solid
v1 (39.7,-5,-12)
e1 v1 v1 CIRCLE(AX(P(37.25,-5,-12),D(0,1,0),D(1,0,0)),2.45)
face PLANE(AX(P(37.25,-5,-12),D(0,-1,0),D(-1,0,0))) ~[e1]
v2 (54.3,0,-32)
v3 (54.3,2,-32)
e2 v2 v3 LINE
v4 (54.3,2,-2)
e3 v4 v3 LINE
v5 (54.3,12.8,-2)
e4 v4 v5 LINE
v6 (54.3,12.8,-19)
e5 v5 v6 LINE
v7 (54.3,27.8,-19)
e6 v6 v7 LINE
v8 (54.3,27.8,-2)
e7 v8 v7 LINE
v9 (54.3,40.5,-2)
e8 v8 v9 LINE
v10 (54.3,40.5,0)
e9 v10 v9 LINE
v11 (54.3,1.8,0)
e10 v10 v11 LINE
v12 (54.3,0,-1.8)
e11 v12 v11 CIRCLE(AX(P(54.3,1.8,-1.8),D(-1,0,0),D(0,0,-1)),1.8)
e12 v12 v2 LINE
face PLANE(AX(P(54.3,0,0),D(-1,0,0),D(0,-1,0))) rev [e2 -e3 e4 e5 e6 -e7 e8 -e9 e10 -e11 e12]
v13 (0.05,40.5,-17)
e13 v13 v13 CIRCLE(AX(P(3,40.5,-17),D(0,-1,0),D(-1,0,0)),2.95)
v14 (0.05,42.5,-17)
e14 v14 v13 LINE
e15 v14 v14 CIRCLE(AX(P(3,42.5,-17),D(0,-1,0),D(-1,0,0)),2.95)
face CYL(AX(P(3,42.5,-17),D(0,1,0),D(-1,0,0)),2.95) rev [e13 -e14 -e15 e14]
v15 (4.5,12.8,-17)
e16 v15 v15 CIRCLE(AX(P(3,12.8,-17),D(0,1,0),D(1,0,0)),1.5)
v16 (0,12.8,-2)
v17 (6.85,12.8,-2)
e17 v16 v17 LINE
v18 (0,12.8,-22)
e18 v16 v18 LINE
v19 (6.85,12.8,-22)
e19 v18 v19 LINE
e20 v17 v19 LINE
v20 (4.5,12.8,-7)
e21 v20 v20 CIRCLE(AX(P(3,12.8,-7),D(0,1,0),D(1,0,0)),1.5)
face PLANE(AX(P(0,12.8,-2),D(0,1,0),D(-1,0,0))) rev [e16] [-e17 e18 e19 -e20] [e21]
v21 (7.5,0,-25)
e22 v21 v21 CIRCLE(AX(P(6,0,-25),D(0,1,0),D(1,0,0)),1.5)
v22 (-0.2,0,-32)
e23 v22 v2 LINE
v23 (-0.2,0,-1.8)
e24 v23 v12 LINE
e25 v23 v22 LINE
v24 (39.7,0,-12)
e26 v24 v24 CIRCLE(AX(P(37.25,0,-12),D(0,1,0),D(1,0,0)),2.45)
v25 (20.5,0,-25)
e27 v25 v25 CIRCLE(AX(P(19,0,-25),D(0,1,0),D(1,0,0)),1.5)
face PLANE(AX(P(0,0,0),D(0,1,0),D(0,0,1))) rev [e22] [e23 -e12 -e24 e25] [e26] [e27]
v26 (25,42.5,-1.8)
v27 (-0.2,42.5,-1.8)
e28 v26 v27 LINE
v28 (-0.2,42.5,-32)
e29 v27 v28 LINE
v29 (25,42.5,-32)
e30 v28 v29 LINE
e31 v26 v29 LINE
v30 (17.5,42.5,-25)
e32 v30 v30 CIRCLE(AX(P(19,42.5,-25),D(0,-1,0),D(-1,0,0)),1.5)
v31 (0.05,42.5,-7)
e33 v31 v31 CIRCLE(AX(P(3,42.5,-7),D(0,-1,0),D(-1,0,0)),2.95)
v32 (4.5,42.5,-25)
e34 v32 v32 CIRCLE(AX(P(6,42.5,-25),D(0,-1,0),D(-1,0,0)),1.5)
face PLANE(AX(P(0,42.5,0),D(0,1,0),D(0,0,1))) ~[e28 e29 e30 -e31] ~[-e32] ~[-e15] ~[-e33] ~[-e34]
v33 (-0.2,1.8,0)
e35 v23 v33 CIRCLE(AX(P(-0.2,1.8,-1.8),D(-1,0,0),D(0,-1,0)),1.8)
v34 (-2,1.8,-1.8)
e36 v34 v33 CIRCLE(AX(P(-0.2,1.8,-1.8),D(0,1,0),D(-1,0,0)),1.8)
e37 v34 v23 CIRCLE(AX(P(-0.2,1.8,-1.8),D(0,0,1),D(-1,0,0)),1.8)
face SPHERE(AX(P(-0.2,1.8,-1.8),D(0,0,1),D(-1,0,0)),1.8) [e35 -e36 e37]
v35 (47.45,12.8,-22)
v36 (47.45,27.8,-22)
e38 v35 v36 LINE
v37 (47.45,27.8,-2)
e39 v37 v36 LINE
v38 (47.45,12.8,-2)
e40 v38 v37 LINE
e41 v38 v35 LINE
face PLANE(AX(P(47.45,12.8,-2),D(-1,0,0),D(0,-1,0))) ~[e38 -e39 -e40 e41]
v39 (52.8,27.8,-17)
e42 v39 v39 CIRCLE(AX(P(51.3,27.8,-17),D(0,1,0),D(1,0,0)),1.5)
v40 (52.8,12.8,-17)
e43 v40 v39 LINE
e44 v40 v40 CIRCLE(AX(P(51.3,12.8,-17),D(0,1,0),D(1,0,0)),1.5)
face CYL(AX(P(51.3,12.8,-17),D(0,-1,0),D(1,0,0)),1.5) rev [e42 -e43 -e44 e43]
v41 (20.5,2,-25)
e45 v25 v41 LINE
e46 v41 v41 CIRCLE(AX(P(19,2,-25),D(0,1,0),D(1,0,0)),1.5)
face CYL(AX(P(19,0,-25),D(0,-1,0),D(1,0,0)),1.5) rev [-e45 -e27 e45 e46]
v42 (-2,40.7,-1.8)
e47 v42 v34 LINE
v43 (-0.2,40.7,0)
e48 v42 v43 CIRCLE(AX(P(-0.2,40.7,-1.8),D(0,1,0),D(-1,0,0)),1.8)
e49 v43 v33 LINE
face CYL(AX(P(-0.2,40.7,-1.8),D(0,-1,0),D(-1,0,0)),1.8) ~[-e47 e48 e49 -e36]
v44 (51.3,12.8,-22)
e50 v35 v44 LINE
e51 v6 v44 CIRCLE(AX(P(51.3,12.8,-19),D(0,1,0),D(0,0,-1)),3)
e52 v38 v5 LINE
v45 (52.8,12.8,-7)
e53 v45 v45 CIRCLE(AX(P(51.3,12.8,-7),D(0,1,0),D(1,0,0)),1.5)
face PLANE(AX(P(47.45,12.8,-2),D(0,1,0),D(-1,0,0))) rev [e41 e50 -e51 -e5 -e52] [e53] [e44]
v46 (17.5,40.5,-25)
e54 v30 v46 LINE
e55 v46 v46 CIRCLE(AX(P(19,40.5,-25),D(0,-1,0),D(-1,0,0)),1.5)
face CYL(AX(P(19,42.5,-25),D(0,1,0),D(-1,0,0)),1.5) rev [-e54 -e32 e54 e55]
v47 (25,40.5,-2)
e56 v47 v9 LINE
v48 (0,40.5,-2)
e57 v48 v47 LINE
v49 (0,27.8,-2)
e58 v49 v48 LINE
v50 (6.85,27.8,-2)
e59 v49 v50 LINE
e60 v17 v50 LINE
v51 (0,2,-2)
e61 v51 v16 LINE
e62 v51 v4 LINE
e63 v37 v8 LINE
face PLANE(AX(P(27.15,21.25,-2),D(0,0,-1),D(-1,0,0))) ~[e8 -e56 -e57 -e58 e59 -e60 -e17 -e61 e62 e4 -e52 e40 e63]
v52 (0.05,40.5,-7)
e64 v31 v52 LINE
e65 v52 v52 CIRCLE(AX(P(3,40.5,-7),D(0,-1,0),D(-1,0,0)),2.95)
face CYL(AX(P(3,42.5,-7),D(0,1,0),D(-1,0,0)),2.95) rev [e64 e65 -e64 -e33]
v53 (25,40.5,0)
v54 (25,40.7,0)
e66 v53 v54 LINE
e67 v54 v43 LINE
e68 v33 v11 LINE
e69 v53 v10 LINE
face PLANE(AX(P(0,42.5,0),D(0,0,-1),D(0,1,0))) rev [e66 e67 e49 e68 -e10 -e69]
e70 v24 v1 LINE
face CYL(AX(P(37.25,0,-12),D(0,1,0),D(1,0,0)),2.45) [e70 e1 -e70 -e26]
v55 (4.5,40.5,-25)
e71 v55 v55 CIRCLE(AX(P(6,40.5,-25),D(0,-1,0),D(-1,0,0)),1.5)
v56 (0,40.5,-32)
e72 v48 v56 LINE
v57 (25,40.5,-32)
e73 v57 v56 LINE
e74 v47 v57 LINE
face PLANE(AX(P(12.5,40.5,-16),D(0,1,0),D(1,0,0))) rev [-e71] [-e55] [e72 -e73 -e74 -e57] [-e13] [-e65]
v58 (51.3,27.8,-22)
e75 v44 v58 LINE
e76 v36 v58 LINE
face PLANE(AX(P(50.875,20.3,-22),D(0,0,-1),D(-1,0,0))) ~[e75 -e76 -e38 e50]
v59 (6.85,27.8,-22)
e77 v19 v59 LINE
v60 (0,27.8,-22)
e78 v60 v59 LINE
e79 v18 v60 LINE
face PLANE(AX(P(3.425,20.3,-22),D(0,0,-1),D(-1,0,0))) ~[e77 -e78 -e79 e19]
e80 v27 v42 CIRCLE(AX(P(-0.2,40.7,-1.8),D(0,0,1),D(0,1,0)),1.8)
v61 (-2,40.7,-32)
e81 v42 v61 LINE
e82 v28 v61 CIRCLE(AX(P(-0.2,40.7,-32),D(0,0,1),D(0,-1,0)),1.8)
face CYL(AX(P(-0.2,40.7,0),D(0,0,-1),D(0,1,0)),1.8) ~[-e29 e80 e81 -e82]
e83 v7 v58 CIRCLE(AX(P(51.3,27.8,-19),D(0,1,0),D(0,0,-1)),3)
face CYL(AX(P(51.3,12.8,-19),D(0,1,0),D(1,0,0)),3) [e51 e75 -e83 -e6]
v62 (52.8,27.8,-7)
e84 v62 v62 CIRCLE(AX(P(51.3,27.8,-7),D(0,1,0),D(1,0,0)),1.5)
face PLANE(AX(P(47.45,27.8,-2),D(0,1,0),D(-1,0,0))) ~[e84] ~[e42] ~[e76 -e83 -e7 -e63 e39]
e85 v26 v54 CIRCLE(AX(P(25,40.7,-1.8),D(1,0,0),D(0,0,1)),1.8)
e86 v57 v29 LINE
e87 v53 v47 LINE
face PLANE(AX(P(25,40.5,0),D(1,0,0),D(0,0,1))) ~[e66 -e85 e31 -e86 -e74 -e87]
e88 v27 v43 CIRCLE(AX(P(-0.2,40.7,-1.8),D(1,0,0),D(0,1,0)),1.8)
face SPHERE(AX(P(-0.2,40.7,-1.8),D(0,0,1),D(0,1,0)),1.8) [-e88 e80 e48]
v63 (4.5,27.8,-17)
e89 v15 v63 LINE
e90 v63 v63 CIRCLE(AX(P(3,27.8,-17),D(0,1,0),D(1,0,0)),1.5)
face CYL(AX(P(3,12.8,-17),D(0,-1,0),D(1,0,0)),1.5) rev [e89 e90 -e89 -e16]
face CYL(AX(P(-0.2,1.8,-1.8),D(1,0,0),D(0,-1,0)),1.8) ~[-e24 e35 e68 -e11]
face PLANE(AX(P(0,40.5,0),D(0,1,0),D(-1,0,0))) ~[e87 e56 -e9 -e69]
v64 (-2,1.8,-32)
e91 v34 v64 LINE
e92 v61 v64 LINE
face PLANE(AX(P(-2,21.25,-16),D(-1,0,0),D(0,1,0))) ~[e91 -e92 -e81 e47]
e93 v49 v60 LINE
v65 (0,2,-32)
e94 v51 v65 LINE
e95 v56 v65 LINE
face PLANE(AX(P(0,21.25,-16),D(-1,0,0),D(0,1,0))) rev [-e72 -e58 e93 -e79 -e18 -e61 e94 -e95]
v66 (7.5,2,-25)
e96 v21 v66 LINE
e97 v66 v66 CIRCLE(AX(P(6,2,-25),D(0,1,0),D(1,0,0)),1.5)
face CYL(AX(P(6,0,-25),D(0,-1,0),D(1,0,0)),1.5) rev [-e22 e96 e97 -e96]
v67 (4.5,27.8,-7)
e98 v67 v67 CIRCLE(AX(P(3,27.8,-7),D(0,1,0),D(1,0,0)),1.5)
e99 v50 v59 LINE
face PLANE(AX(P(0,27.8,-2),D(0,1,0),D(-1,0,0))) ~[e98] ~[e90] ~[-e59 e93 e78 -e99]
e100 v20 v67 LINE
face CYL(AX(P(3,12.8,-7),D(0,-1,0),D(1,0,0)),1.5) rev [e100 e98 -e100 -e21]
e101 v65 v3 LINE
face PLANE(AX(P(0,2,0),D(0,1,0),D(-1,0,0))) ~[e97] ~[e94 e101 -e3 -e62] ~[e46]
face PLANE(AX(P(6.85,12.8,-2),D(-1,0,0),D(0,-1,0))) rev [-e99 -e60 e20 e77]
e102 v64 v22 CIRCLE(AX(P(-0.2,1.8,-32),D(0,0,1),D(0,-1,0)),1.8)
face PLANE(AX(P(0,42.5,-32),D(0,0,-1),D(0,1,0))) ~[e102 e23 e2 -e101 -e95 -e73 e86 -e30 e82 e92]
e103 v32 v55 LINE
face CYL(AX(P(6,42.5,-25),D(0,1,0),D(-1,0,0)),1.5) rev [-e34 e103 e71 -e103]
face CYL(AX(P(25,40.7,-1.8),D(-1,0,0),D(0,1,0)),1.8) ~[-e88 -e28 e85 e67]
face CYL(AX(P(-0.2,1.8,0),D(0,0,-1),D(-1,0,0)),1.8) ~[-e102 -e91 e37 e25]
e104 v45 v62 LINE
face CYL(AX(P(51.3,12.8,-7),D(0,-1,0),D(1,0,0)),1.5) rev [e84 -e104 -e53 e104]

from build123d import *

# Parameters (mm, degrees)
SKETCH_W        = 54.3
SKETCH_H        = 38.5
PAD_DEPTH       = 2
SKETCH003_W     = 6.85
SKETCH003_H     = 15
PAD001_DEPTH    = 20
SKETCH001_W     = 54.3
SKETCH001_H     = 2
PAD003_DEPTH    = 32
SKETCH005_W     = 6.85
SKETCH005_H     = 15
PAD004_DEPTH    = 20
SKETCH002_R     = 2.45
PAD005_DEPTH    = 5
SKETCH007_W     = 25
SKETCH007_H     = 32
PAD006_DEPTH    = 2
SKETCH006_R     = 1.5
POCKET_DEPTH    = 15
SKETCH004_R     = 1.5
POCKET001_DEPTH = 20
SKETCH009_R     = 1.5
SKETCH009_R_2   = 2.95
POCKET002_DEPTH = 2
SKETCH008_R     = 1.5
POCKET003_DEPTH = 3
SKETCH010_W     = 42.5
SKETCH010_H     = 32
PAD007_DEPTH    = 2
FILLET_R        = 1.8
FILLET001_R     = 1.8
FILLET002_R     = 1.8
FILLET003_R     = 3


with BuildPart() as body:
    # Sketch → Pad (new body)
    with BuildSketch(Plane.XY):
        with Locations((27.15, 21.25)):
            Rectangle(SKETCH_W, SKETCH_H)
    extrude(amount=PAD_DEPTH)

    # Sketch003 → Pad001 (join)
    with BuildSketch(Plane.XY.offset(2)):
        with Locations((3.425, 20.3)):
            Rectangle(SKETCH003_W, SKETCH003_H)
    extrude(amount=PAD001_DEPTH)

    # Sketch001 → Pad003 (join)
    with BuildSketch(Plane.XY):
        with Locations((27.15, 1)):
            Rectangle(SKETCH001_W, SKETCH001_H)
    extrude(amount=PAD003_DEPTH)

    # Sketch005 (on Face5 of Pad003) → Pad004 (join)
    with BuildSketch(Plane.XY.offset(2)):
        with Locations((50.875, 20.3)):
            Rectangle(SKETCH005_W, SKETCH005_H)
    extrude(amount=PAD004_DEPTH)

    # Sketch002 (on Face18 of Pad004) → Pad005 (join)
    with BuildSketch(Plane.XZ):
        with Locations((37.25, 12)):
            Circle(SKETCH002_R)
    extrude(amount=PAD005_DEPTH)

    # Sketch007 (on Face1 of Pad005) → Pad006 (join)
    with BuildSketch(Plane(origin=(0, 40.5, 0), x_dir=(-1, 0, 0), z_dir=(0, 1, 0))):
        with Locations((-12.5, 16)):
            Rectangle(SKETCH007_W, SKETCH007_H)
    extrude(amount=PAD006_DEPTH)

    # Sketch006 (on Face14 of Pad006) → Pocket (cut)
    with BuildSketch(Plane.XZ.offset(-12.8)):
        with Locations((51.3, 17)):
            Circle(SKETCH006_R)
        with Locations((51.3, 7)):
            Circle(SKETCH006_R)
    extrude(amount=-POCKET_DEPTH, mode=Mode.SUBTRACT)

    # Sketch004 (on Face16 of Pocket) → Pocket001 (cut)
    with BuildSketch(Plane.XZ.offset(-12.8)):
        with Locations((3, 17)):
            Circle(SKETCH004_R)
        with Locations((3, 7)):
            Circle(SKETCH004_R)
    extrude(amount=-POCKET001_DEPTH, mode=Mode.SUBTRACT)

    # Sketch009 (on Face20 of Pocket001) → Pocket002 (cut)
    with BuildSketch(Plane(origin=(0, 42.5, 0), x_dir=(-1, 0, 0), z_dir=(0, 1, 0))):
        with Locations((-6, 25)):
            Circle(SKETCH009_R)
        with Locations((-19, 25)):
            Circle(SKETCH009_R)
        with Locations((-3, 7)):
            Circle(SKETCH009_R_2)
        with Locations((-3, 17)):
            Circle(SKETCH009_R_2)
    extrude(amount=-POCKET002_DEPTH, mode=Mode.SUBTRACT)

    # Sketch008 → Pocket003 (cut)
    with BuildSketch(Plane.XZ):
        with Locations((19, 25)):
            Circle(SKETCH008_R)
        with Locations((6, 25)):
            Circle(SKETCH008_R)
    extrude(amount=-POCKET003_DEPTH, mode=Mode.SUBTRACT)

    # Sketch010 (on Face8 of Pocket003) → Pad007 (join)
    with BuildSketch(Plane(origin=(0, 0, 0), x_dir=(0, -1, 0), z_dir=(-1, 0, 0))):
        with Locations((-21.25, 16)):
            Rectangle(SKETCH010_W, SKETCH010_H)
    extrude(amount=PAD007_DEPTH)

    # Fillet
    fillet_edges = [body.edges().sort_by_distance(p)[0] for p in [
        (-2, 42.5, 16),
    ]]
    fillet(fillet_edges, radius=FILLET_R)

    # Fillet001
    fillet001_edges = [body.edges().sort_by_distance(p)[0] for p in [
        (-2, 0, 16),
    ]]
    fillet(fillet001_edges, radius=FILLET001_R)

    # Fillet002
    fillet002_edges = [body.edges().sort_by_distance(p)[0] for p in [
        (-2, 21.25, 0),
    ]]
    fillet(fillet002_edges, radius=FILLET002_R)

    # Fillet003
    fillet003_edges = [body.edges().sort_by_distance(p)[0] for p in [
        (54.3, 20.3, 22),
    ]]
    fillet(fillet003_edges, radius=FILLET003_R)


with BuildPart() as part_mirroring:
    # Part__Mirroring: instance of Body
    add(body.part.mirror(Plane(origin=(0, 0, 0), x_dir=(0, 1, 0), z_dir=(0, 0, 1))))


solid = part_mirroring.part
